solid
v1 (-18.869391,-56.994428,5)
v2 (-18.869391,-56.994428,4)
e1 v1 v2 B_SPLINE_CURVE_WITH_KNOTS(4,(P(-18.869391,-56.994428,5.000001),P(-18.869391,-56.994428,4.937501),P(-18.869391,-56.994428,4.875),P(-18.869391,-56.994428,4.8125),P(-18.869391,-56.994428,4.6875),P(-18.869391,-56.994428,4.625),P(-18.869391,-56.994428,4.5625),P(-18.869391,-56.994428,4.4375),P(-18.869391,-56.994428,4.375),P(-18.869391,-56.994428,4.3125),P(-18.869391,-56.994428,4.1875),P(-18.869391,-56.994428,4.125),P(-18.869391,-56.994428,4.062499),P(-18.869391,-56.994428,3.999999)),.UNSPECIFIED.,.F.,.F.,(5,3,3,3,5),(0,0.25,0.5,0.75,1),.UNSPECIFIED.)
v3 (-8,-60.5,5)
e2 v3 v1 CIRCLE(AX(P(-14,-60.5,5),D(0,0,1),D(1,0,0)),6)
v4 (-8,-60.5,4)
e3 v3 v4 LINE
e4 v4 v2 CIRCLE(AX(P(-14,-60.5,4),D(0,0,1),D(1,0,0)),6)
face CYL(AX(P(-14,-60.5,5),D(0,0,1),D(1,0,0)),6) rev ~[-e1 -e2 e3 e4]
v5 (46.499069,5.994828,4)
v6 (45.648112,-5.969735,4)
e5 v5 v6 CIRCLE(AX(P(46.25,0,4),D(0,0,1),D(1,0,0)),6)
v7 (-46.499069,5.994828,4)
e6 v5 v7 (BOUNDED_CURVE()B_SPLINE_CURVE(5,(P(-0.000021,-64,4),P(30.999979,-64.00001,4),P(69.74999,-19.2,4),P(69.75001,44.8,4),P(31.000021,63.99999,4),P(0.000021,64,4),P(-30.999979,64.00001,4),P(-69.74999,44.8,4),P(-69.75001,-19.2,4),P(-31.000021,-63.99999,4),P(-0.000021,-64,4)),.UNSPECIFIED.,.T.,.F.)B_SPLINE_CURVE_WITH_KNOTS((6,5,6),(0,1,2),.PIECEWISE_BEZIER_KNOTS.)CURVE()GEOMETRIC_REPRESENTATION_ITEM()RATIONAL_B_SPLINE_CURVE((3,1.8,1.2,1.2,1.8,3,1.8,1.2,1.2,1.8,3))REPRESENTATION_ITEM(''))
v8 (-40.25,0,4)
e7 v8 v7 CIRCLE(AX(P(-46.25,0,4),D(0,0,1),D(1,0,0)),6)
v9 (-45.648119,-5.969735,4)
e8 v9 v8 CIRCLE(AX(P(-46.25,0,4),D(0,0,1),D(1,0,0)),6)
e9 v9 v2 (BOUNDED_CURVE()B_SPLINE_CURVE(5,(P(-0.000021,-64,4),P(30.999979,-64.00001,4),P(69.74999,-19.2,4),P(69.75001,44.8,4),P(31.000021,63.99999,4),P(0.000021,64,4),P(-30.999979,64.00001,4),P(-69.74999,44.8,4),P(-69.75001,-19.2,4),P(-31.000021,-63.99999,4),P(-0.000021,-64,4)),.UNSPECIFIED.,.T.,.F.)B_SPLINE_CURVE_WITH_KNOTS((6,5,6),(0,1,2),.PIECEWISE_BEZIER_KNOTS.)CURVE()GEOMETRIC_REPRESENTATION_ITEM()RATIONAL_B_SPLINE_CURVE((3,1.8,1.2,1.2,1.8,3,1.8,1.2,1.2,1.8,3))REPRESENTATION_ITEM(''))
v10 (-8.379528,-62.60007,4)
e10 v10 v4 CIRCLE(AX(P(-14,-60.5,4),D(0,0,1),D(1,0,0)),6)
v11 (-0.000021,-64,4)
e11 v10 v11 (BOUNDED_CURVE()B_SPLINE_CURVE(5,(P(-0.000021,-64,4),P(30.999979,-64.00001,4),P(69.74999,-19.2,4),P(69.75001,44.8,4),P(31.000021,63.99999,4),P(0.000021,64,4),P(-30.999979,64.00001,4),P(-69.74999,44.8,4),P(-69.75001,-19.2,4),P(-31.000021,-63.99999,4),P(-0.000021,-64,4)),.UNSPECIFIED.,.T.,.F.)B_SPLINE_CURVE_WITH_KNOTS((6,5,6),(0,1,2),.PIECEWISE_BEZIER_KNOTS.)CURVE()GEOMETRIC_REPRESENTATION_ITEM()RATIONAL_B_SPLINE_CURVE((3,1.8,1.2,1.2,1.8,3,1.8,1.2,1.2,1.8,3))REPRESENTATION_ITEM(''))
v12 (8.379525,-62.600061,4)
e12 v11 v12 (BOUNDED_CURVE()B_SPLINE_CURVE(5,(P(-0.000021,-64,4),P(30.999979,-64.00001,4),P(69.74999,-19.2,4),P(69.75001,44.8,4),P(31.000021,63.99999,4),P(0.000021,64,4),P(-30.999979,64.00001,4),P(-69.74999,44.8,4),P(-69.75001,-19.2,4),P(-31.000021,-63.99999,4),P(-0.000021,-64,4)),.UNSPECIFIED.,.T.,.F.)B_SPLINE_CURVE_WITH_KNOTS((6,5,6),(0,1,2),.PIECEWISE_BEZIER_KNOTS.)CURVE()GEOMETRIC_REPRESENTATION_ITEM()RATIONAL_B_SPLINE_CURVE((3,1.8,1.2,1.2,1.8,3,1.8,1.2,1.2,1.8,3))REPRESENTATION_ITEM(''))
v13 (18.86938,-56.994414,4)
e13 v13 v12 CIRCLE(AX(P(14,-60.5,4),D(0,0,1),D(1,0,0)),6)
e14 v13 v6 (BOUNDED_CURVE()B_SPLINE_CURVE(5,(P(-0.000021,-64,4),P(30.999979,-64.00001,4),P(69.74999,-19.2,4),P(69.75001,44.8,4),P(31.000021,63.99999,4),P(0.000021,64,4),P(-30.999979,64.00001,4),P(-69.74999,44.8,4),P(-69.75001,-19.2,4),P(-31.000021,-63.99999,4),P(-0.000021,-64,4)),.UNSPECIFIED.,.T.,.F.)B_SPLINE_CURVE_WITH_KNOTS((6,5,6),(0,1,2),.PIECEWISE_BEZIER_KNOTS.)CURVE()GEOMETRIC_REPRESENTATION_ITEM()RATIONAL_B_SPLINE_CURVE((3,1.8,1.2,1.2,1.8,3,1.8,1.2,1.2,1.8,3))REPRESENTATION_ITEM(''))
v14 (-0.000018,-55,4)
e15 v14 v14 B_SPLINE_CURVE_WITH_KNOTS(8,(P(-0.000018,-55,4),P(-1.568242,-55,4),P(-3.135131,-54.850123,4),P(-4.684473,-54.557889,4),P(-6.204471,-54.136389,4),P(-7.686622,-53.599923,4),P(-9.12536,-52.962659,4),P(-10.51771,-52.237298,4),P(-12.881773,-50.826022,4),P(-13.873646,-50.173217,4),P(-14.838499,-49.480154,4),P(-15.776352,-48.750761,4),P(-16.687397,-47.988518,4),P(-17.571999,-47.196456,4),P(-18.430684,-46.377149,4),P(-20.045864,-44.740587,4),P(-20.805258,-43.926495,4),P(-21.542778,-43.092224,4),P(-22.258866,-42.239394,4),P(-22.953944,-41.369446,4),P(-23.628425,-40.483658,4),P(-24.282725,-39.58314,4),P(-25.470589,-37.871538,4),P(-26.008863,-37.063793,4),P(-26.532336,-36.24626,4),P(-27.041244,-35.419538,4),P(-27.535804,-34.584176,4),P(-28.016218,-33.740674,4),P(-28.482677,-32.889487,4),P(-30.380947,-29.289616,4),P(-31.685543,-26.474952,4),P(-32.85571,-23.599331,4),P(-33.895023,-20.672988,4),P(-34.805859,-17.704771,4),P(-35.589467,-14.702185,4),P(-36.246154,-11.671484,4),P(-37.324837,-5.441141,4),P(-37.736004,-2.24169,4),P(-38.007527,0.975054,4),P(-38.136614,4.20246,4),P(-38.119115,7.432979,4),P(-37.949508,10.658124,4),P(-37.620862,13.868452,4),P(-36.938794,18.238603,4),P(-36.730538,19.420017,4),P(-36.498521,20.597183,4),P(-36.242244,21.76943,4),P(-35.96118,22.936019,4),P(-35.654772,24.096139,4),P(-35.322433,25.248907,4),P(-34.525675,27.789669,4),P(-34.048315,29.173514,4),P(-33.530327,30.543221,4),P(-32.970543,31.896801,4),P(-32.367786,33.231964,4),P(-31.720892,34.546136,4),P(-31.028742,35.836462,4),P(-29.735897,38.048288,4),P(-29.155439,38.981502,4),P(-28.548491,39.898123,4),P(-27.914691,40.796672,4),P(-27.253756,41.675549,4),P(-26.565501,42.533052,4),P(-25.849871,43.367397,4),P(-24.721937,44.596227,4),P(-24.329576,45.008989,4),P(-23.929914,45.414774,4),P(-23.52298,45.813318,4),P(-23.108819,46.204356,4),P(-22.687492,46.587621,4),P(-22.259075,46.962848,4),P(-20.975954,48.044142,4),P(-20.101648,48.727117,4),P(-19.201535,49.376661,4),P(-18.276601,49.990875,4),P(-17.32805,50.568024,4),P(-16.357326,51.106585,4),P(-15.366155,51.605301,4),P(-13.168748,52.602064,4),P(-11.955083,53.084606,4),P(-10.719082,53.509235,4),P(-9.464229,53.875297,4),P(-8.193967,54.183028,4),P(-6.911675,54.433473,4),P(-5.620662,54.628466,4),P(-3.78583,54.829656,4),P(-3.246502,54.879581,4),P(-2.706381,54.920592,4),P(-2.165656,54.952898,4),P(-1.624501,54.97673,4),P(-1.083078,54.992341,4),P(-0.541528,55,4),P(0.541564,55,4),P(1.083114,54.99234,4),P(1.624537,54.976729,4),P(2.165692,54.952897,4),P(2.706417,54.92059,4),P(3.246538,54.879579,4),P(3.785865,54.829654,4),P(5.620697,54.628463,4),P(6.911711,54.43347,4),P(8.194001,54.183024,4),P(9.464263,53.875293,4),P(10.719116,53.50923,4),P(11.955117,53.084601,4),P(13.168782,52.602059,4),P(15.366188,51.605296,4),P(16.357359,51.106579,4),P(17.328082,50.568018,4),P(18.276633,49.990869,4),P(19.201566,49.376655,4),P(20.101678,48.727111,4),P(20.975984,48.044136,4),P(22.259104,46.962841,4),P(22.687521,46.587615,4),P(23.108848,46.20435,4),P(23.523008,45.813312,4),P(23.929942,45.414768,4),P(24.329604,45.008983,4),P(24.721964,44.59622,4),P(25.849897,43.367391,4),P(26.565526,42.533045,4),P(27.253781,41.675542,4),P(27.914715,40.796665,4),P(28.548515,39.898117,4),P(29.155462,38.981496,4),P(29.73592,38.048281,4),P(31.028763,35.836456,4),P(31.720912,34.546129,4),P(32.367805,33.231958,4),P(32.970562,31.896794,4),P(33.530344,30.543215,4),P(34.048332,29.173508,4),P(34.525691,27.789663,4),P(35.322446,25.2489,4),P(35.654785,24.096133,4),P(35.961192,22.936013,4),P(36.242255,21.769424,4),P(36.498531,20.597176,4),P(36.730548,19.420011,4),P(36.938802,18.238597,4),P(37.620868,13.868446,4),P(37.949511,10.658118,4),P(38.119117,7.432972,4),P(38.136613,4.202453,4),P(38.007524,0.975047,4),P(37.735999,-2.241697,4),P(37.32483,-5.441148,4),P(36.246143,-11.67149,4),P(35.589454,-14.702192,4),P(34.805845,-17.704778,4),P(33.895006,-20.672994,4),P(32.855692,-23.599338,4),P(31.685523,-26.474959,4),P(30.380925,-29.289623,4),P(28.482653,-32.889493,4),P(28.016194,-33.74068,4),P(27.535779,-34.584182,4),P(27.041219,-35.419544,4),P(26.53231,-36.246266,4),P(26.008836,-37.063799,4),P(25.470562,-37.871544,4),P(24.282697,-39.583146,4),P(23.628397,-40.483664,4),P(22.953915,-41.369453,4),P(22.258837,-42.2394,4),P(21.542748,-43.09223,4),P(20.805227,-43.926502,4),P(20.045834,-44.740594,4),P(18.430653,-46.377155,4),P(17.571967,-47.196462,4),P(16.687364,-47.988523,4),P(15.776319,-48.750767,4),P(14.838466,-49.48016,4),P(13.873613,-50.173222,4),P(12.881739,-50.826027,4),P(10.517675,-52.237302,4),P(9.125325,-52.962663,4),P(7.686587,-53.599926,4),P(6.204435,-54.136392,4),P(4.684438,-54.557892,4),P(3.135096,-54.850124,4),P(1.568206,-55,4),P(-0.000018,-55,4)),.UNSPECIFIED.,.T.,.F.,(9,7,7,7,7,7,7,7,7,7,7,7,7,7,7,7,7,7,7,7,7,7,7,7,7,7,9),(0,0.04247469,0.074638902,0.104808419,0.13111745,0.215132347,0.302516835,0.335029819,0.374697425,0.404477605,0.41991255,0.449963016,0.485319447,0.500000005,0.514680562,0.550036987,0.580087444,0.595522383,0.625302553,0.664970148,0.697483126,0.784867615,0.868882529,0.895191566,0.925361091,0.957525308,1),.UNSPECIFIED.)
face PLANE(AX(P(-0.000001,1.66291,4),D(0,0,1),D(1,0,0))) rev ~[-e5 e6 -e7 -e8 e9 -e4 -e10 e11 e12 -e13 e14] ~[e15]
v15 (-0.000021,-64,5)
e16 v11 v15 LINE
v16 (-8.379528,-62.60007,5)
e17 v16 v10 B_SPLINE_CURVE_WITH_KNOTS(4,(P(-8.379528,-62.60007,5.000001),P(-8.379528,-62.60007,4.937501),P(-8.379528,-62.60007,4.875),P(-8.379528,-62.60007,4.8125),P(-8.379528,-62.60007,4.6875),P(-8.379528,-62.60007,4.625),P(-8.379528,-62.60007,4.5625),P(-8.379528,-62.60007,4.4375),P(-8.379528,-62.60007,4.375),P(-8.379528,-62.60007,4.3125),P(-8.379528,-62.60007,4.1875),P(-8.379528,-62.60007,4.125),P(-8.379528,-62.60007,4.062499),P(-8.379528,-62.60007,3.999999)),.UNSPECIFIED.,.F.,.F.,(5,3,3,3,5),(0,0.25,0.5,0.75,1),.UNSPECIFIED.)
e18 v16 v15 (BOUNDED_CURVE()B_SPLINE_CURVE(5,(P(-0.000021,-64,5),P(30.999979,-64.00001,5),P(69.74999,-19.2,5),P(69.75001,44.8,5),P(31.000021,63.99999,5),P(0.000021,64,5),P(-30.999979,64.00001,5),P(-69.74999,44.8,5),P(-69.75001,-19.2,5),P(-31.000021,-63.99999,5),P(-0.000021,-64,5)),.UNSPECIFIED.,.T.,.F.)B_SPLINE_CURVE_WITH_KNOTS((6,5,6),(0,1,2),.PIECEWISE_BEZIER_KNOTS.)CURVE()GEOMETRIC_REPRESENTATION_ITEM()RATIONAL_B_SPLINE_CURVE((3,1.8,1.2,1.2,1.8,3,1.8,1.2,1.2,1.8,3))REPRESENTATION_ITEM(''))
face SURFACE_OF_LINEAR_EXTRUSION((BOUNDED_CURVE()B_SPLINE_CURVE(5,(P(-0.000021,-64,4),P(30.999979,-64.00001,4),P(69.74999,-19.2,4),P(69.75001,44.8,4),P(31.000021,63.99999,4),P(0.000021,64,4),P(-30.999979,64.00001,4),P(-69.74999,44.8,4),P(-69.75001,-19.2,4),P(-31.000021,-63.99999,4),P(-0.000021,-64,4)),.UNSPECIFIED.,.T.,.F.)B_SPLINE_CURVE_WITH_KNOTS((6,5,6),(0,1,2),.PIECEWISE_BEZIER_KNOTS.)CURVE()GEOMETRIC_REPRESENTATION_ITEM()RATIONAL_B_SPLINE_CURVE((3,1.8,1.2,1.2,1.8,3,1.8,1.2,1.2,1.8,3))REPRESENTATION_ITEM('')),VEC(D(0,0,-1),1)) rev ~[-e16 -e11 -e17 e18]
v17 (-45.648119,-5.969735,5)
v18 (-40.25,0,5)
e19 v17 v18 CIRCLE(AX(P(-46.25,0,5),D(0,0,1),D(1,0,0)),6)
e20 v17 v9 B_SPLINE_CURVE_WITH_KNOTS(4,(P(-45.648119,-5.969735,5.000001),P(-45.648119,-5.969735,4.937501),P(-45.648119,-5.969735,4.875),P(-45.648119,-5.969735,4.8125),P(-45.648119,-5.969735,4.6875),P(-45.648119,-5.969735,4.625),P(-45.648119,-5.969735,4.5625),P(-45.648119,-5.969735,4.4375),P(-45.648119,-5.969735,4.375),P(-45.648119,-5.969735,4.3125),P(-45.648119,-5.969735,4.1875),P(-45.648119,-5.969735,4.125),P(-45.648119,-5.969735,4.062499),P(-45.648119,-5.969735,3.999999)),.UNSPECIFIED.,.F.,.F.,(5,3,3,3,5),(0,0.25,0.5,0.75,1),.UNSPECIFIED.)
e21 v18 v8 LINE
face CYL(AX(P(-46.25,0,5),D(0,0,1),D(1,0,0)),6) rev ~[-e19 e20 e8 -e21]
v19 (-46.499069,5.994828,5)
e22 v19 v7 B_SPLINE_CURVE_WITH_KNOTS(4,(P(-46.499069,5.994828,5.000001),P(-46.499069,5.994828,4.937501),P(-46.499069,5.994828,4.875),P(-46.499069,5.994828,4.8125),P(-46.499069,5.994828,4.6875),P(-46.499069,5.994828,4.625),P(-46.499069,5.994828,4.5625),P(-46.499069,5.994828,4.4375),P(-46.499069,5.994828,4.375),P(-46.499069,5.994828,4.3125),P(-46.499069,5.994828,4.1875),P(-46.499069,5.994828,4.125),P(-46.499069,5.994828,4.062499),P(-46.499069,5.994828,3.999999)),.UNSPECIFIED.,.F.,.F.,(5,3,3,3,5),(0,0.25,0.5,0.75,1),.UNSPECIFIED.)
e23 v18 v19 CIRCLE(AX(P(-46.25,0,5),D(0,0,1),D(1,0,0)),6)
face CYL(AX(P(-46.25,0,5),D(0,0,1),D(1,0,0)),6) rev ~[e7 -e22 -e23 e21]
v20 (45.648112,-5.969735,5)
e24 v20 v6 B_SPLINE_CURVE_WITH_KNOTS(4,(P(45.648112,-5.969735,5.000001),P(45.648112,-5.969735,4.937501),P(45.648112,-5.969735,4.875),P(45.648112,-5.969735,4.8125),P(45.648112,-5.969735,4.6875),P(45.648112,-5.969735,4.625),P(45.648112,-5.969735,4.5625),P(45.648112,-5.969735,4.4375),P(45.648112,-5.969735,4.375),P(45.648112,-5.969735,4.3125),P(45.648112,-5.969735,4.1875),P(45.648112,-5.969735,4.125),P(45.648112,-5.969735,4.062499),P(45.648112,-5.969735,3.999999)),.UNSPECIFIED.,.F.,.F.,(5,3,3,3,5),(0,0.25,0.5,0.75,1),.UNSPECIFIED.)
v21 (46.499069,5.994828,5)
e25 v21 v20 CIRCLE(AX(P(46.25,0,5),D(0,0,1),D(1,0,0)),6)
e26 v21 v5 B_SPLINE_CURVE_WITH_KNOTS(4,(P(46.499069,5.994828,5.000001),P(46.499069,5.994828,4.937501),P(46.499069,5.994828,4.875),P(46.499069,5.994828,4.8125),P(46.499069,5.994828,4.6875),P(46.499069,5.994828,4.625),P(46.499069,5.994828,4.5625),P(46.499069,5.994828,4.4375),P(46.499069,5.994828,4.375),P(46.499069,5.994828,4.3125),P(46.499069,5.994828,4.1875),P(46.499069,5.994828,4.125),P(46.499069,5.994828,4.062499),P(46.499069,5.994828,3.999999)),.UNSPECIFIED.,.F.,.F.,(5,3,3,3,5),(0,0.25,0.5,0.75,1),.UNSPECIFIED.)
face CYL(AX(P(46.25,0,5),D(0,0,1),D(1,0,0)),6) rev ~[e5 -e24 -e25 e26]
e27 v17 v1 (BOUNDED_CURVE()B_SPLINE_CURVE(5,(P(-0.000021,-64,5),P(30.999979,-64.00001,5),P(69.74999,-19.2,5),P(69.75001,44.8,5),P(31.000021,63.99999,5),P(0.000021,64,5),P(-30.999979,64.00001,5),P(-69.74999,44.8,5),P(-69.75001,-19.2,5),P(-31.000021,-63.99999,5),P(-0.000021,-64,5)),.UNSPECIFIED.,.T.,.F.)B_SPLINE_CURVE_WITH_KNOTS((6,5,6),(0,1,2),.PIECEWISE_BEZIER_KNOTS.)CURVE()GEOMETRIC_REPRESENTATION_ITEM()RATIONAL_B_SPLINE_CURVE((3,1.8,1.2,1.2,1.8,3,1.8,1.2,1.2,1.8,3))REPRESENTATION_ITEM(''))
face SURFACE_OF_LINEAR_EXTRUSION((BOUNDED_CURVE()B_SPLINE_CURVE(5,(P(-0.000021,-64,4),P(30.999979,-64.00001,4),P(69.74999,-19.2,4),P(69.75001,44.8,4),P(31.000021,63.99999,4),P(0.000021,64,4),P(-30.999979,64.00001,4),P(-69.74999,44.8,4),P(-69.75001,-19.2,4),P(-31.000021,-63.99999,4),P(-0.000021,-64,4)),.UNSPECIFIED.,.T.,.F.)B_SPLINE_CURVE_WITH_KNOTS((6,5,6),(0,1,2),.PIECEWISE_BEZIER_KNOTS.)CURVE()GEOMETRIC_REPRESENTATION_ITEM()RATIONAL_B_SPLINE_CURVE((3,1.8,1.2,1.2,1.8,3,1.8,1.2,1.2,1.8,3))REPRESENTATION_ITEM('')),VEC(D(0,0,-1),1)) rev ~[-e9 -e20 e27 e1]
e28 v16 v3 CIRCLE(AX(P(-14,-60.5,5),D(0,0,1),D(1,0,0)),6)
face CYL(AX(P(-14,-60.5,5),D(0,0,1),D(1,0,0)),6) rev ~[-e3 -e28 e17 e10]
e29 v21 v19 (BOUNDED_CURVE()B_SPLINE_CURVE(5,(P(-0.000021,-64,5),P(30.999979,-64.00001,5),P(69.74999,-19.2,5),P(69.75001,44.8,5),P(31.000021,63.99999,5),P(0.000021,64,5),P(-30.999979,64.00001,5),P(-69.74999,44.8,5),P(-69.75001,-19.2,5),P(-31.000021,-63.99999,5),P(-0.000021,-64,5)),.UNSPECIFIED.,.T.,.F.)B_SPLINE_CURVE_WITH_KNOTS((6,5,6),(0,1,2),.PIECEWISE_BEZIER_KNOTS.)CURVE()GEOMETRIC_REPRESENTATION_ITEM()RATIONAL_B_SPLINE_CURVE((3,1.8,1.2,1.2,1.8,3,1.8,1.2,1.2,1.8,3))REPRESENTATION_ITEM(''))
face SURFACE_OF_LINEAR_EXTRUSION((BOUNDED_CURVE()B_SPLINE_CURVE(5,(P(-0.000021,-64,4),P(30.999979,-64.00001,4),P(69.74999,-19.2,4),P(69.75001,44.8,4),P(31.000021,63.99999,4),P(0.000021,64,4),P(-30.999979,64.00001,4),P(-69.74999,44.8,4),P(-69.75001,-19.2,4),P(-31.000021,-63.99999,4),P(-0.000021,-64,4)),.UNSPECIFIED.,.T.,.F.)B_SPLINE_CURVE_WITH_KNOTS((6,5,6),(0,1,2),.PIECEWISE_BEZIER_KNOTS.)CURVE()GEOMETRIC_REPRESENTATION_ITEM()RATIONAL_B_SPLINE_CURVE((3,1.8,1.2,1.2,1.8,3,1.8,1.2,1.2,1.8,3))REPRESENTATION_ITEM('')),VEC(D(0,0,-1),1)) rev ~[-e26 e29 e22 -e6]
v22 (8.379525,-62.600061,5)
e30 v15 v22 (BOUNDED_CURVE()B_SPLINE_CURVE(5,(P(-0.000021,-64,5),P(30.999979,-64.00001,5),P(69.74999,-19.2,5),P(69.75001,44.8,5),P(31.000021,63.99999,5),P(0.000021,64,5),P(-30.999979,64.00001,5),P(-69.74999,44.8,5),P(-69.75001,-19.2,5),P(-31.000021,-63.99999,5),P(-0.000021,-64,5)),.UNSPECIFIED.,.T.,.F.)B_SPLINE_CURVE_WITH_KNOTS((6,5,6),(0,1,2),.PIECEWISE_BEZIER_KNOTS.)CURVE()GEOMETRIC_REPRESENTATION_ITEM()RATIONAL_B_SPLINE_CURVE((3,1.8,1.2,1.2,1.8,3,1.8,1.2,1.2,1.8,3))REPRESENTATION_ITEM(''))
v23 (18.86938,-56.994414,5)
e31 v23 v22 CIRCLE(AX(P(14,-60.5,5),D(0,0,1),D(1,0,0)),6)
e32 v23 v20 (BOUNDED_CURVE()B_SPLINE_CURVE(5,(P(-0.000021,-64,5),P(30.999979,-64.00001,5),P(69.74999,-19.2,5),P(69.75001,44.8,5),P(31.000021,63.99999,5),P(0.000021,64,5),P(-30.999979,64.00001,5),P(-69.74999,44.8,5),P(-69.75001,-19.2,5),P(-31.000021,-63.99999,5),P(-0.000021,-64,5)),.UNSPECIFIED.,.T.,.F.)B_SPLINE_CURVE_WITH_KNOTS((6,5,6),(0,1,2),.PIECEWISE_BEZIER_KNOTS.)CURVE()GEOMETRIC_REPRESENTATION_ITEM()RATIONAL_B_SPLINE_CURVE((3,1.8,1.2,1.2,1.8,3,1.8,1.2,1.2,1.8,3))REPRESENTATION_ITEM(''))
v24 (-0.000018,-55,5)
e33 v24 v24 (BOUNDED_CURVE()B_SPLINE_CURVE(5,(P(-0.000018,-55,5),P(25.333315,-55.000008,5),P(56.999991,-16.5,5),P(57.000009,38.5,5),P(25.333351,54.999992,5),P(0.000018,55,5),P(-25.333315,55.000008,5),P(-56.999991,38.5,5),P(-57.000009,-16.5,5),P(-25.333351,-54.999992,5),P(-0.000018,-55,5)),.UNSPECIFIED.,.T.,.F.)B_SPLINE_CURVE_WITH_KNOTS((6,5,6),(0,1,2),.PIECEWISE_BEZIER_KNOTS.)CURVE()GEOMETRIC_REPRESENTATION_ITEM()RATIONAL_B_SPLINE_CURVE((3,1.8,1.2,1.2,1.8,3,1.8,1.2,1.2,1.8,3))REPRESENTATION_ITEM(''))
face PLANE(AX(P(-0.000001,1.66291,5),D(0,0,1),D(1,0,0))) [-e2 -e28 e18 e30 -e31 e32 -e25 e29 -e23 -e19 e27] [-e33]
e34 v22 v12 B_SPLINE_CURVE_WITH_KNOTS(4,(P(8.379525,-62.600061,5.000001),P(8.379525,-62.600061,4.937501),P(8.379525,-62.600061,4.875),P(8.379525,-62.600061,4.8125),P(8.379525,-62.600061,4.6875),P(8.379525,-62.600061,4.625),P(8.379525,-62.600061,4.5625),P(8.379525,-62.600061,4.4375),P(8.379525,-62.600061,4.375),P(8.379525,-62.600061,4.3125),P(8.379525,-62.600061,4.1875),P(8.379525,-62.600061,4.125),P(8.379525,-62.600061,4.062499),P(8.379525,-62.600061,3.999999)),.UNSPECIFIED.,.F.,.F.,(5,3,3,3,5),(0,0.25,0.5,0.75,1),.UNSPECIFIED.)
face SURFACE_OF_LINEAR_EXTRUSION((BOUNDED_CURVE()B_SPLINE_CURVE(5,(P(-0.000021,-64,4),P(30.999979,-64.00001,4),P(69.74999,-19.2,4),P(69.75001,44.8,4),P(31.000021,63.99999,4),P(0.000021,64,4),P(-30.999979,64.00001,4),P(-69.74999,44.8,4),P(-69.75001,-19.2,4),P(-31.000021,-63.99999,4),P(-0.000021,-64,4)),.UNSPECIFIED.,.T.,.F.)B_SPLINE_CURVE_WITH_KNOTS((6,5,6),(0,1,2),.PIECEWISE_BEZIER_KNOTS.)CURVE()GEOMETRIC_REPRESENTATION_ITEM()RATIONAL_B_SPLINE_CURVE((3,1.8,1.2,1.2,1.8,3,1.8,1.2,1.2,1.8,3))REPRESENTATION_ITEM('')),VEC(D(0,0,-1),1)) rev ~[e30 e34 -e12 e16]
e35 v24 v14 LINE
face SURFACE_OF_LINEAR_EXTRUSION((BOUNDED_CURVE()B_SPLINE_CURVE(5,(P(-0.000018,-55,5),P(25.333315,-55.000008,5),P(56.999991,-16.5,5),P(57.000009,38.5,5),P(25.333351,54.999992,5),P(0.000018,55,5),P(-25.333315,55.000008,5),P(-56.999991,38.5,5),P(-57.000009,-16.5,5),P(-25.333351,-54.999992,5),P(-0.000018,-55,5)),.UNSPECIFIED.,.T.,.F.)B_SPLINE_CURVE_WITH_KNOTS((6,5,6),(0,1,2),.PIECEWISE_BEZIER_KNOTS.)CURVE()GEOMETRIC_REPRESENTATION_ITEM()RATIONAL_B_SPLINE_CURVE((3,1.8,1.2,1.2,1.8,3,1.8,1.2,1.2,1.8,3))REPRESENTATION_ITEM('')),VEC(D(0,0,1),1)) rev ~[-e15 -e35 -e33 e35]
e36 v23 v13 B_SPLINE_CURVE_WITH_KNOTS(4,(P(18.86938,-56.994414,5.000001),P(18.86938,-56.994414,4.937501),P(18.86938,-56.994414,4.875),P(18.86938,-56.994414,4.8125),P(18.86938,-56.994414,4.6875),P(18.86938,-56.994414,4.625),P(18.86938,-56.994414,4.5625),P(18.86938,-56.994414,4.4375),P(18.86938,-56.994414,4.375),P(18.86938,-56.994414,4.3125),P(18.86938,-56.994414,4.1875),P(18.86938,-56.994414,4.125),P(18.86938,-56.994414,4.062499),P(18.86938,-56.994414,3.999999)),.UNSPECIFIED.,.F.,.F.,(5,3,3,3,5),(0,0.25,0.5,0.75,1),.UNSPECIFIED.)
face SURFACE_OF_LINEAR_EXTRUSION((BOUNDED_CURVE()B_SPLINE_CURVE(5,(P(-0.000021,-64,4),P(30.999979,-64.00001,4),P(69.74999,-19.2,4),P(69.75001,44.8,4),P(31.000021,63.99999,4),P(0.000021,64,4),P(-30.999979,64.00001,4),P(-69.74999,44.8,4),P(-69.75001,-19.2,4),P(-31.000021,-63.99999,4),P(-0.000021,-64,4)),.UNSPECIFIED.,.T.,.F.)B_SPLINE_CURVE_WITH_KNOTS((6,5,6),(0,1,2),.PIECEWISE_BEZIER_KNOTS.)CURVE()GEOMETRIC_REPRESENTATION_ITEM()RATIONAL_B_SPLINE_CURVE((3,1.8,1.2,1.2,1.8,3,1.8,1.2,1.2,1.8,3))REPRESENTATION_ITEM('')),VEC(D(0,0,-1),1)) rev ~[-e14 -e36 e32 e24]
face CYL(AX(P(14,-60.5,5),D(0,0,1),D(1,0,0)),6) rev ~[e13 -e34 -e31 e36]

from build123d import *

# Parameters (mm, degrees)
PAD008_DEPTH    = 1
SKETCH022_R     = 6
POCKET011_DEPTH = 5
POCKET012_DEPTH = 1.001


with BuildPart() as part:
    # Sketch021 → Pad008 (new body)
    with BuildSketch(Plane.XY):
        with BuildLine():
            add(Edge.make_bspline(
                [(-2.1e-05, -64), (30.999979, -64.00001), (69.74999, -19.2), (69.75001, 44.8), (31.000021, 63.99999), (2.1e-05, 64), (-30.999979, 64.00001), (-69.74999, 44.8), (-69.75001, -19.2), (-31.000021, -63.99999), (-2.1e-05, -64)],
                knots=[0, 0, 0, 0, 0, 0, 1, 1, 1, 1, 1, 2, 2, 2, 2, 2, 2], degree=5, weights=[3, 1.8, 1.2, 1.2, 1.8, 3, 1.8, 1.2, 1.2, 1.8, 3]))
        make_face()
    extrude(amount=PAD008_DEPTH)

    # Sketch022 (on Face3 of Pad008) → Pocket011 (cut)
    with BuildSketch(Plane.XY.offset(1)):
        with Locations((-46.25, 0)):
            Circle(SKETCH022_R)
        with Locations((46.25, 0)):
            Circle(SKETCH022_R)
        with Locations((14, -60.5)):
            Circle(SKETCH022_R)
        with Locations((-14, -60.5)):
            Circle(SKETCH022_R)
    extrude(amount=-POCKET011_DEPTH, mode=Mode.SUBTRACT)

    # Sketch024 → Pocket012 (cut, through all)
    with BuildSketch(Plane.XY.offset(1)):
        with BuildLine():
            add(Edge.make_bspline(
                [(-1.8e-05, -55), (25.333315, -55.000008), (56.999991, -16.5), (57.000009, 38.5), (25.333351, 54.999992), (1.8e-05, 55), (-25.333315, 55.000008), (-56.999991, 38.5), (-57.000009, -16.5), (-25.333351, -54.999992), (-1.8e-05, -55)],
                knots=[0, 0, 0, 0, 0, 0, 1, 1, 1, 1, 1, 2, 2, 2, 2, 2, 2], degree=5, weights=[3, 1.8, 1.2, 1.2, 1.8, 3, 1.8, 1.2, 1.2, 1.8, 3]))
        make_face()
    extrude(amount=-POCKET012_DEPTH, mode=Mode.SUBTRACT)


with BuildPart() as part_1:
    # Body005 placement: moved
    add(part.part.moved(Location((0, 0, 4))))


solid = part_1.part
